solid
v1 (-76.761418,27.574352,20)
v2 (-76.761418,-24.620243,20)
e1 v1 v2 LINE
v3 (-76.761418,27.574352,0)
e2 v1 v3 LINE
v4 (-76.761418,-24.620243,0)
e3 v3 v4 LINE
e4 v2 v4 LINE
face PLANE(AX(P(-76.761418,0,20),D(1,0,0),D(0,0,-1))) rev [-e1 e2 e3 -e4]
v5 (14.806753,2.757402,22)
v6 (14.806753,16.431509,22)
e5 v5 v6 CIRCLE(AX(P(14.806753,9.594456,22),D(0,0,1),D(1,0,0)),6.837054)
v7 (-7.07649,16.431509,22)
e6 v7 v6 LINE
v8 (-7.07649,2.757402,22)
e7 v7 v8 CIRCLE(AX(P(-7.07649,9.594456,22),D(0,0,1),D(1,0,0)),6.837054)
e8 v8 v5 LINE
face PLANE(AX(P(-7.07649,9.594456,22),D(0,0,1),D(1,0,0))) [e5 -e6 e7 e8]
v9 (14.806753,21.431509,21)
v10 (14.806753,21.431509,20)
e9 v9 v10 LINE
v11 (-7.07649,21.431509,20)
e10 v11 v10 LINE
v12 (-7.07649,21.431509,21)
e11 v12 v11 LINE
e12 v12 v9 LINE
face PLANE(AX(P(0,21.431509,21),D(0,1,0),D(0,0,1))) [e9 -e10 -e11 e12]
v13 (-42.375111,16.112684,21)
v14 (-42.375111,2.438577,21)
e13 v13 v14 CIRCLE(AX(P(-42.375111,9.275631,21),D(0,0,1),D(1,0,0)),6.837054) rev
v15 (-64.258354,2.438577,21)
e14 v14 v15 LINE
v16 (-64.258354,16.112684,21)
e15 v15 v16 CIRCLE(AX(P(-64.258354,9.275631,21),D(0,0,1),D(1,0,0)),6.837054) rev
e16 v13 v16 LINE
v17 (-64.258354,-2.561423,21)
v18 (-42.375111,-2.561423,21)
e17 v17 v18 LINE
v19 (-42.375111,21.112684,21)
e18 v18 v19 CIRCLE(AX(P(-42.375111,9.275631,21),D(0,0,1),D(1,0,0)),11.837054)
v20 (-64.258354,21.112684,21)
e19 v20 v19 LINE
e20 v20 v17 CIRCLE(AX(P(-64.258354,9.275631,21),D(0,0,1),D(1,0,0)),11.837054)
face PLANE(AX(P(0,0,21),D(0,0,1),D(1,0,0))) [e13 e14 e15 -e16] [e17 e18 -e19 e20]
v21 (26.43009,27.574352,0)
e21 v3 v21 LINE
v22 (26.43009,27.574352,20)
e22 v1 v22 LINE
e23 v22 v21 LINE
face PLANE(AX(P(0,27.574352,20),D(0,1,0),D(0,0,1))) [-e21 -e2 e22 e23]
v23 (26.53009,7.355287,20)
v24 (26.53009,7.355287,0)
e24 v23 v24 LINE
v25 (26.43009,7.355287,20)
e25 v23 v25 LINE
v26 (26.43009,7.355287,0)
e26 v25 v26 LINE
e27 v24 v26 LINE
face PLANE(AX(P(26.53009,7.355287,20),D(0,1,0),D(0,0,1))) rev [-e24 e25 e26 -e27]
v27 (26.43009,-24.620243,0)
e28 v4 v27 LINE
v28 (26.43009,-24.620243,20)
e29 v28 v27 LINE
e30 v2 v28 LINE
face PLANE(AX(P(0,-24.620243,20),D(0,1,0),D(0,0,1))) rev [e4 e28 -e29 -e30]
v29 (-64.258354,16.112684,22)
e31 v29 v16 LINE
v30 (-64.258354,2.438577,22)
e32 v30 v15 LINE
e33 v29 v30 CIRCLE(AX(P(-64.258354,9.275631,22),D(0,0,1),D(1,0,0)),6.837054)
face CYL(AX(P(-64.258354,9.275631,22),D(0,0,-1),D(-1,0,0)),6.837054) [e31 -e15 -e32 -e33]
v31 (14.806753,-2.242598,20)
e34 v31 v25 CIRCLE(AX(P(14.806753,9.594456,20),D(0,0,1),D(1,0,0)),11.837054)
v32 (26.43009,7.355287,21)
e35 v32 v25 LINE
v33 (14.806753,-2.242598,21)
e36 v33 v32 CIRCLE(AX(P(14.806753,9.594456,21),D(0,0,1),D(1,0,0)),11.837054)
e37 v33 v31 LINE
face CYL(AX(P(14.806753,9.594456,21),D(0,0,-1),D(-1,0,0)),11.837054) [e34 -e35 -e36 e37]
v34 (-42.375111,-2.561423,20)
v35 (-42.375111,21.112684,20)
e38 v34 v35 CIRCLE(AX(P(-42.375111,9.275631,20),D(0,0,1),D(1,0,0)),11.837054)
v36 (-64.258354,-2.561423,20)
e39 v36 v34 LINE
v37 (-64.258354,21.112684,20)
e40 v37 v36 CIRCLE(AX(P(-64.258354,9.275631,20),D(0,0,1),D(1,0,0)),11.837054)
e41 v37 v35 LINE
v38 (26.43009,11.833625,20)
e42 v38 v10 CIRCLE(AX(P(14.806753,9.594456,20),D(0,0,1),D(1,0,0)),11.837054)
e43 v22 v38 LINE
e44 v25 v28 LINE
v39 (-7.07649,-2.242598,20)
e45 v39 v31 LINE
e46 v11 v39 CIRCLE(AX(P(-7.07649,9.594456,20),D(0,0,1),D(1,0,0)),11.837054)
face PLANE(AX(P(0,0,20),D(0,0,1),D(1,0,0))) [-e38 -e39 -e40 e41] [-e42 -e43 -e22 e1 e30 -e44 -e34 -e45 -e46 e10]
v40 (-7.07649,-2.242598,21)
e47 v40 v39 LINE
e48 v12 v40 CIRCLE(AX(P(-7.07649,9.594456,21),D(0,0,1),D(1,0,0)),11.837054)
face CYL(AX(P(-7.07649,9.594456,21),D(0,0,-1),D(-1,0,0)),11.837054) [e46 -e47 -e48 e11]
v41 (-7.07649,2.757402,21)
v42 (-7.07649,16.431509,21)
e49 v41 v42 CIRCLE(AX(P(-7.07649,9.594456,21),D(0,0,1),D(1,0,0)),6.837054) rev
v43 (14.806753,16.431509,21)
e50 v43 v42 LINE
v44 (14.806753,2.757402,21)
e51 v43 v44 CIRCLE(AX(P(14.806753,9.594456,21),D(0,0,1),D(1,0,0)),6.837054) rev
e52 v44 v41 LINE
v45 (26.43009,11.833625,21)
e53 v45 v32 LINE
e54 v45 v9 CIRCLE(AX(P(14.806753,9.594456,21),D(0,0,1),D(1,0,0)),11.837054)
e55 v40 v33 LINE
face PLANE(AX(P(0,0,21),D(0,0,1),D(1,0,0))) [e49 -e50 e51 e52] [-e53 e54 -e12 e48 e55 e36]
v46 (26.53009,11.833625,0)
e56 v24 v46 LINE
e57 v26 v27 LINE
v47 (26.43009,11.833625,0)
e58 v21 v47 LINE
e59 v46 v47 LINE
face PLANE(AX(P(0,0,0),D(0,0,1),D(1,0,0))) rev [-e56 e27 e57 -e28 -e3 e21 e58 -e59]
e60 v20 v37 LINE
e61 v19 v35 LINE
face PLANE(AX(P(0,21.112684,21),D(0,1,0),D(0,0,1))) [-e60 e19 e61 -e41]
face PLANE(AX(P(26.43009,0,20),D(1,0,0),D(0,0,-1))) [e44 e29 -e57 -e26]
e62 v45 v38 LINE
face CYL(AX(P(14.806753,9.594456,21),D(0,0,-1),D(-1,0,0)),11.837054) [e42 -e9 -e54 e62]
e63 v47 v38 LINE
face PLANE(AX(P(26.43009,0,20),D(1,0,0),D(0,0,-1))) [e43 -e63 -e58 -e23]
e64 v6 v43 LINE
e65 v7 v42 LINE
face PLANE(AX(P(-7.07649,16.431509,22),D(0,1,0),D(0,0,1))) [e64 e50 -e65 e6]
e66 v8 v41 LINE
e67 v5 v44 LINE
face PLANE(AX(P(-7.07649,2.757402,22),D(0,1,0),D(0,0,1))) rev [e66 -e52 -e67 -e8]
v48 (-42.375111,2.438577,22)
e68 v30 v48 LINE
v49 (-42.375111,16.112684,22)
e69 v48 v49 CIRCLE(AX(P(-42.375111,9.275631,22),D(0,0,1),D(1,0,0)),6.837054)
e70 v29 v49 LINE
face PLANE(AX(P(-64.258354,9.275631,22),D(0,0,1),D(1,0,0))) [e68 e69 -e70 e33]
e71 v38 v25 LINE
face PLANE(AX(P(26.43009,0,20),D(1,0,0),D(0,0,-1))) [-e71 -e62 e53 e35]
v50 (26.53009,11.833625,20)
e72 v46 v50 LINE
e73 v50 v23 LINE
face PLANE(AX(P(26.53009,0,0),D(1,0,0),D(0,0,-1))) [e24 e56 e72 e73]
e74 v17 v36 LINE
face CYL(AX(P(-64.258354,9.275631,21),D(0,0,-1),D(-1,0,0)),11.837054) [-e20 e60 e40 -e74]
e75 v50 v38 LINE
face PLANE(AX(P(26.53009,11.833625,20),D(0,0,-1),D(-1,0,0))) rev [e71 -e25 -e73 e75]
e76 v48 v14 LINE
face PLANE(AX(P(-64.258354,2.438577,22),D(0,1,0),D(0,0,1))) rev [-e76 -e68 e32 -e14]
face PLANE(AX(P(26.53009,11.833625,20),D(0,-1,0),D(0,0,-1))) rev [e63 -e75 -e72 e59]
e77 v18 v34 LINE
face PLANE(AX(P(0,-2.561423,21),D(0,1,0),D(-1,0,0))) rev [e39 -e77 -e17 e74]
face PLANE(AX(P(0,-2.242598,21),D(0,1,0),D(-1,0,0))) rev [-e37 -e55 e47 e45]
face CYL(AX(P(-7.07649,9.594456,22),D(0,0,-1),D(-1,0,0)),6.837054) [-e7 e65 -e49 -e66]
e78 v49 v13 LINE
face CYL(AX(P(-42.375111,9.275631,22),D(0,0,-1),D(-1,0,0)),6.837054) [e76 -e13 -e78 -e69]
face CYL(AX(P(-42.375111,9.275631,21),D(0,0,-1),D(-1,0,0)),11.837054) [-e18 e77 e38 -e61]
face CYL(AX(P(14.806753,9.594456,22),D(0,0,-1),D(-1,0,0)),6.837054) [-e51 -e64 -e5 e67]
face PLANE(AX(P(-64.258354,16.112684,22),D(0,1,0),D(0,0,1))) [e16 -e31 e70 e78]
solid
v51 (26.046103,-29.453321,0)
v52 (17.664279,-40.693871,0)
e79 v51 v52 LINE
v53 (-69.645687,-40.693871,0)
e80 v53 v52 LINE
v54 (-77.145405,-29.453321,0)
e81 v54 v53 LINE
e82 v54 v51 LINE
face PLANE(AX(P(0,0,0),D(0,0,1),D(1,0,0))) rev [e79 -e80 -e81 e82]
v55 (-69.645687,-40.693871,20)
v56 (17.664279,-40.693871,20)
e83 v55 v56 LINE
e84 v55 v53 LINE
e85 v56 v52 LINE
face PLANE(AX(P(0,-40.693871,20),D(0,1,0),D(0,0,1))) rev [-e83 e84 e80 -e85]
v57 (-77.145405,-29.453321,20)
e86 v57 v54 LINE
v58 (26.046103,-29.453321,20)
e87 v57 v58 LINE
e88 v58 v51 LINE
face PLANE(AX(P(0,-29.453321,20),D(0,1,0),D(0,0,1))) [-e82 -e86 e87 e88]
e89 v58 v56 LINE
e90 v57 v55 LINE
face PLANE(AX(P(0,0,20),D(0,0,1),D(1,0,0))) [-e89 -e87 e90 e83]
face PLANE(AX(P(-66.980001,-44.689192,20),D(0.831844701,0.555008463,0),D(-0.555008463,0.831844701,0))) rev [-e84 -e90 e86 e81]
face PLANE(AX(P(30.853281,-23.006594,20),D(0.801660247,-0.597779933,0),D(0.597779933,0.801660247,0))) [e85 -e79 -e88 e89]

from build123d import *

# Parameters (mm, degrees)
BOSS_EXTRUDE2_DEPTH = 20
BOSS_EXTRUDE3_DEPTH = 20
SKETCH2_W           = 20
SKETCH2_H           = 4.478337627
BOSS_EXTRUDE4_DEPTH = 0.1
BOSS_EXTRUDE6_DEPTH = 21
BOSS_EXTRUDE7_DEPTH = 22


with BuildPart() as part:
    # Sketch1 → Boss-Extrude2 (new body)
    with BuildSketch(Plane.XY):
        with BuildLine():
            Line((26.430090028, 27.574352135), (-76.761417751, 27.574352135))
            Line((-76.761417751, 27.574352135), (-76.761417751, -24.620243368))
            Line((-76.761417751, -24.620243368), (26.430090028, -24.620243368))
            Line((26.430090028, -24.620243368), (26.430090028, 7.355287067))
            ThreePointArc((26.430090028, 7.355287067), (22.343684755, 0.466997357), (14.806753156, -2.242597682))
            Line((14.806753156, -2.242597682), (-7.076489516, -2.242597682))
            ThreePointArc((-7.076489516, -2.242597682), (-18.913543078, 9.594455881), (-7.076489516, 21.431509443))
            Line((-7.076489516, 21.431509443), (14.806753156, 21.431509443))
            ThreePointArc((14.806753156, 21.431509443), (22.343684755, 18.721914404), (26.430090028, 11.833624694))
            Line((26.430090028, 11.833624694), (26.430090028, 27.574352135))
        make_face()
        with BuildLine():
            ThreePointArc((-64.258353778, -2.561422734), (-76.095407341, 9.275630828), (-64.258353778, 21.11268439))
            Line((-64.258353778, 21.11268439), (-42.375111107, 21.11268439))
            ThreePointArc((-42.375111107, 21.11268439), (-30.538057545, 9.275630828), (-42.375111107, -2.561422734))
            Line((-42.375111107, -2.561422734), (-64.258353778, -2.561422734))
        make_face(mode=Mode.SUBTRACT)
    extrude(amount=BOSS_EXTRUDE2_DEPTH)



with BuildPart() as body_2:
    # Sketch1<6> → Boss-Extrude3 (new body)
    with BuildSketch(Plane.XY):
        Polygon((26.046102884, -29.45332066), (-77.145404895, -29.45332066), (-69.645687176, -40.69387077), (17.664278645, -40.69387077), align=None)
    extrude(amount=BOSS_EXTRUDE3_DEPTH)


with BuildPart() as body_3:
    # Sketch2 → Boss-Extrude4 (new body)
    with BuildSketch(Plane(origin=(26.430090028, 0, 0), x_dir=(0, 0, -1), z_dir=(1, 0, 0))):
        with Locations((-10, 9.59445588)):
            Rectangle(SKETCH2_W, SKETCH2_H)
    extrude(amount=BOSS_EXTRUDE4_DEPTH)


with BuildPart() as part_1:
    add(part.part)

    add(body_3.part)  # Boss-Extrude6 merges body 3
    # Sketch1<8> → Boss-Extrude6 (add)
    with BuildSketch(Plane.XY):
        with BuildLine():
            Line((26.430090028, 7.355287067), (26.430090028, 11.833624694))
            ThreePointArc((26.430090028, 11.833624694), (22.343684755, 18.721914404), (14.806753156, 21.431509443))
            Line((14.806753156, 21.431509443), (-7.076489516, 21.431509443))
            ThreePointArc((-7.076489516, 21.431509443), (-18.913543078, 9.594455881), (-7.076489516, -2.242597682))
            Line((-7.076489516, -2.242597682), (14.806753156, -2.242597682))
            ThreePointArc((14.806753156, -2.242597682), (22.343684755, 0.466997357), (26.430090028, 7.355287067))
        make_face()
        with BuildLine():
            Line((-42.375111107, 21.11268439), (-64.258353778, 21.11268439))
            ThreePointArc((-64.258353778, 21.11268439), (-76.095407341, 9.275630828), (-64.258353778, -2.561422734))
            Line((-64.258353778, -2.561422734), (-42.375111107, -2.561422734))
            ThreePointArc((-42.375111107, -2.561422734), (-30.538057545, 9.275630828), (-42.375111107, 21.11268439))
        make_face()
    extrude(amount=BOSS_EXTRUDE6_DEPTH)

    # Sketch1<9> → Boss-Extrude7 (add)
    with BuildSketch(Plane.XY):
        with BuildLine():
            Line((-64.258353778, 16.11268439), (-42.375111107, 16.11268439))
            ThreePointArc((-42.375111107, 16.11268439), (-35.538057545, 9.275630828), (-42.375111107, 2.438577266))
            Line((-42.375111107, 2.438577266), (-64.258353778, 2.438577266))
            ThreePointArc((-64.258353778, 2.438577266), (-71.095407341, 9.275630828), (-64.258353778, 16.11268439))
        make_face()
        with BuildLine():
            Line((-7.076489516, 16.431509443), (14.806753156, 16.431509443))
            ThreePointArc((14.806753156, 16.431509443), (21.643806718, 9.594455881), (14.806753156, 2.757402318))
            Line((14.806753156, 2.757402318), (-7.076489516, 2.757402318))
            ThreePointArc((-7.076489516, 2.757402318), (-13.913543078, 9.594455881), (-7.076489516, 16.431509443))
        make_face()
    extrude(amount=BOSS_EXTRUDE7_DEPTH)


solid = Compound([body_2.part, part_1.part])
